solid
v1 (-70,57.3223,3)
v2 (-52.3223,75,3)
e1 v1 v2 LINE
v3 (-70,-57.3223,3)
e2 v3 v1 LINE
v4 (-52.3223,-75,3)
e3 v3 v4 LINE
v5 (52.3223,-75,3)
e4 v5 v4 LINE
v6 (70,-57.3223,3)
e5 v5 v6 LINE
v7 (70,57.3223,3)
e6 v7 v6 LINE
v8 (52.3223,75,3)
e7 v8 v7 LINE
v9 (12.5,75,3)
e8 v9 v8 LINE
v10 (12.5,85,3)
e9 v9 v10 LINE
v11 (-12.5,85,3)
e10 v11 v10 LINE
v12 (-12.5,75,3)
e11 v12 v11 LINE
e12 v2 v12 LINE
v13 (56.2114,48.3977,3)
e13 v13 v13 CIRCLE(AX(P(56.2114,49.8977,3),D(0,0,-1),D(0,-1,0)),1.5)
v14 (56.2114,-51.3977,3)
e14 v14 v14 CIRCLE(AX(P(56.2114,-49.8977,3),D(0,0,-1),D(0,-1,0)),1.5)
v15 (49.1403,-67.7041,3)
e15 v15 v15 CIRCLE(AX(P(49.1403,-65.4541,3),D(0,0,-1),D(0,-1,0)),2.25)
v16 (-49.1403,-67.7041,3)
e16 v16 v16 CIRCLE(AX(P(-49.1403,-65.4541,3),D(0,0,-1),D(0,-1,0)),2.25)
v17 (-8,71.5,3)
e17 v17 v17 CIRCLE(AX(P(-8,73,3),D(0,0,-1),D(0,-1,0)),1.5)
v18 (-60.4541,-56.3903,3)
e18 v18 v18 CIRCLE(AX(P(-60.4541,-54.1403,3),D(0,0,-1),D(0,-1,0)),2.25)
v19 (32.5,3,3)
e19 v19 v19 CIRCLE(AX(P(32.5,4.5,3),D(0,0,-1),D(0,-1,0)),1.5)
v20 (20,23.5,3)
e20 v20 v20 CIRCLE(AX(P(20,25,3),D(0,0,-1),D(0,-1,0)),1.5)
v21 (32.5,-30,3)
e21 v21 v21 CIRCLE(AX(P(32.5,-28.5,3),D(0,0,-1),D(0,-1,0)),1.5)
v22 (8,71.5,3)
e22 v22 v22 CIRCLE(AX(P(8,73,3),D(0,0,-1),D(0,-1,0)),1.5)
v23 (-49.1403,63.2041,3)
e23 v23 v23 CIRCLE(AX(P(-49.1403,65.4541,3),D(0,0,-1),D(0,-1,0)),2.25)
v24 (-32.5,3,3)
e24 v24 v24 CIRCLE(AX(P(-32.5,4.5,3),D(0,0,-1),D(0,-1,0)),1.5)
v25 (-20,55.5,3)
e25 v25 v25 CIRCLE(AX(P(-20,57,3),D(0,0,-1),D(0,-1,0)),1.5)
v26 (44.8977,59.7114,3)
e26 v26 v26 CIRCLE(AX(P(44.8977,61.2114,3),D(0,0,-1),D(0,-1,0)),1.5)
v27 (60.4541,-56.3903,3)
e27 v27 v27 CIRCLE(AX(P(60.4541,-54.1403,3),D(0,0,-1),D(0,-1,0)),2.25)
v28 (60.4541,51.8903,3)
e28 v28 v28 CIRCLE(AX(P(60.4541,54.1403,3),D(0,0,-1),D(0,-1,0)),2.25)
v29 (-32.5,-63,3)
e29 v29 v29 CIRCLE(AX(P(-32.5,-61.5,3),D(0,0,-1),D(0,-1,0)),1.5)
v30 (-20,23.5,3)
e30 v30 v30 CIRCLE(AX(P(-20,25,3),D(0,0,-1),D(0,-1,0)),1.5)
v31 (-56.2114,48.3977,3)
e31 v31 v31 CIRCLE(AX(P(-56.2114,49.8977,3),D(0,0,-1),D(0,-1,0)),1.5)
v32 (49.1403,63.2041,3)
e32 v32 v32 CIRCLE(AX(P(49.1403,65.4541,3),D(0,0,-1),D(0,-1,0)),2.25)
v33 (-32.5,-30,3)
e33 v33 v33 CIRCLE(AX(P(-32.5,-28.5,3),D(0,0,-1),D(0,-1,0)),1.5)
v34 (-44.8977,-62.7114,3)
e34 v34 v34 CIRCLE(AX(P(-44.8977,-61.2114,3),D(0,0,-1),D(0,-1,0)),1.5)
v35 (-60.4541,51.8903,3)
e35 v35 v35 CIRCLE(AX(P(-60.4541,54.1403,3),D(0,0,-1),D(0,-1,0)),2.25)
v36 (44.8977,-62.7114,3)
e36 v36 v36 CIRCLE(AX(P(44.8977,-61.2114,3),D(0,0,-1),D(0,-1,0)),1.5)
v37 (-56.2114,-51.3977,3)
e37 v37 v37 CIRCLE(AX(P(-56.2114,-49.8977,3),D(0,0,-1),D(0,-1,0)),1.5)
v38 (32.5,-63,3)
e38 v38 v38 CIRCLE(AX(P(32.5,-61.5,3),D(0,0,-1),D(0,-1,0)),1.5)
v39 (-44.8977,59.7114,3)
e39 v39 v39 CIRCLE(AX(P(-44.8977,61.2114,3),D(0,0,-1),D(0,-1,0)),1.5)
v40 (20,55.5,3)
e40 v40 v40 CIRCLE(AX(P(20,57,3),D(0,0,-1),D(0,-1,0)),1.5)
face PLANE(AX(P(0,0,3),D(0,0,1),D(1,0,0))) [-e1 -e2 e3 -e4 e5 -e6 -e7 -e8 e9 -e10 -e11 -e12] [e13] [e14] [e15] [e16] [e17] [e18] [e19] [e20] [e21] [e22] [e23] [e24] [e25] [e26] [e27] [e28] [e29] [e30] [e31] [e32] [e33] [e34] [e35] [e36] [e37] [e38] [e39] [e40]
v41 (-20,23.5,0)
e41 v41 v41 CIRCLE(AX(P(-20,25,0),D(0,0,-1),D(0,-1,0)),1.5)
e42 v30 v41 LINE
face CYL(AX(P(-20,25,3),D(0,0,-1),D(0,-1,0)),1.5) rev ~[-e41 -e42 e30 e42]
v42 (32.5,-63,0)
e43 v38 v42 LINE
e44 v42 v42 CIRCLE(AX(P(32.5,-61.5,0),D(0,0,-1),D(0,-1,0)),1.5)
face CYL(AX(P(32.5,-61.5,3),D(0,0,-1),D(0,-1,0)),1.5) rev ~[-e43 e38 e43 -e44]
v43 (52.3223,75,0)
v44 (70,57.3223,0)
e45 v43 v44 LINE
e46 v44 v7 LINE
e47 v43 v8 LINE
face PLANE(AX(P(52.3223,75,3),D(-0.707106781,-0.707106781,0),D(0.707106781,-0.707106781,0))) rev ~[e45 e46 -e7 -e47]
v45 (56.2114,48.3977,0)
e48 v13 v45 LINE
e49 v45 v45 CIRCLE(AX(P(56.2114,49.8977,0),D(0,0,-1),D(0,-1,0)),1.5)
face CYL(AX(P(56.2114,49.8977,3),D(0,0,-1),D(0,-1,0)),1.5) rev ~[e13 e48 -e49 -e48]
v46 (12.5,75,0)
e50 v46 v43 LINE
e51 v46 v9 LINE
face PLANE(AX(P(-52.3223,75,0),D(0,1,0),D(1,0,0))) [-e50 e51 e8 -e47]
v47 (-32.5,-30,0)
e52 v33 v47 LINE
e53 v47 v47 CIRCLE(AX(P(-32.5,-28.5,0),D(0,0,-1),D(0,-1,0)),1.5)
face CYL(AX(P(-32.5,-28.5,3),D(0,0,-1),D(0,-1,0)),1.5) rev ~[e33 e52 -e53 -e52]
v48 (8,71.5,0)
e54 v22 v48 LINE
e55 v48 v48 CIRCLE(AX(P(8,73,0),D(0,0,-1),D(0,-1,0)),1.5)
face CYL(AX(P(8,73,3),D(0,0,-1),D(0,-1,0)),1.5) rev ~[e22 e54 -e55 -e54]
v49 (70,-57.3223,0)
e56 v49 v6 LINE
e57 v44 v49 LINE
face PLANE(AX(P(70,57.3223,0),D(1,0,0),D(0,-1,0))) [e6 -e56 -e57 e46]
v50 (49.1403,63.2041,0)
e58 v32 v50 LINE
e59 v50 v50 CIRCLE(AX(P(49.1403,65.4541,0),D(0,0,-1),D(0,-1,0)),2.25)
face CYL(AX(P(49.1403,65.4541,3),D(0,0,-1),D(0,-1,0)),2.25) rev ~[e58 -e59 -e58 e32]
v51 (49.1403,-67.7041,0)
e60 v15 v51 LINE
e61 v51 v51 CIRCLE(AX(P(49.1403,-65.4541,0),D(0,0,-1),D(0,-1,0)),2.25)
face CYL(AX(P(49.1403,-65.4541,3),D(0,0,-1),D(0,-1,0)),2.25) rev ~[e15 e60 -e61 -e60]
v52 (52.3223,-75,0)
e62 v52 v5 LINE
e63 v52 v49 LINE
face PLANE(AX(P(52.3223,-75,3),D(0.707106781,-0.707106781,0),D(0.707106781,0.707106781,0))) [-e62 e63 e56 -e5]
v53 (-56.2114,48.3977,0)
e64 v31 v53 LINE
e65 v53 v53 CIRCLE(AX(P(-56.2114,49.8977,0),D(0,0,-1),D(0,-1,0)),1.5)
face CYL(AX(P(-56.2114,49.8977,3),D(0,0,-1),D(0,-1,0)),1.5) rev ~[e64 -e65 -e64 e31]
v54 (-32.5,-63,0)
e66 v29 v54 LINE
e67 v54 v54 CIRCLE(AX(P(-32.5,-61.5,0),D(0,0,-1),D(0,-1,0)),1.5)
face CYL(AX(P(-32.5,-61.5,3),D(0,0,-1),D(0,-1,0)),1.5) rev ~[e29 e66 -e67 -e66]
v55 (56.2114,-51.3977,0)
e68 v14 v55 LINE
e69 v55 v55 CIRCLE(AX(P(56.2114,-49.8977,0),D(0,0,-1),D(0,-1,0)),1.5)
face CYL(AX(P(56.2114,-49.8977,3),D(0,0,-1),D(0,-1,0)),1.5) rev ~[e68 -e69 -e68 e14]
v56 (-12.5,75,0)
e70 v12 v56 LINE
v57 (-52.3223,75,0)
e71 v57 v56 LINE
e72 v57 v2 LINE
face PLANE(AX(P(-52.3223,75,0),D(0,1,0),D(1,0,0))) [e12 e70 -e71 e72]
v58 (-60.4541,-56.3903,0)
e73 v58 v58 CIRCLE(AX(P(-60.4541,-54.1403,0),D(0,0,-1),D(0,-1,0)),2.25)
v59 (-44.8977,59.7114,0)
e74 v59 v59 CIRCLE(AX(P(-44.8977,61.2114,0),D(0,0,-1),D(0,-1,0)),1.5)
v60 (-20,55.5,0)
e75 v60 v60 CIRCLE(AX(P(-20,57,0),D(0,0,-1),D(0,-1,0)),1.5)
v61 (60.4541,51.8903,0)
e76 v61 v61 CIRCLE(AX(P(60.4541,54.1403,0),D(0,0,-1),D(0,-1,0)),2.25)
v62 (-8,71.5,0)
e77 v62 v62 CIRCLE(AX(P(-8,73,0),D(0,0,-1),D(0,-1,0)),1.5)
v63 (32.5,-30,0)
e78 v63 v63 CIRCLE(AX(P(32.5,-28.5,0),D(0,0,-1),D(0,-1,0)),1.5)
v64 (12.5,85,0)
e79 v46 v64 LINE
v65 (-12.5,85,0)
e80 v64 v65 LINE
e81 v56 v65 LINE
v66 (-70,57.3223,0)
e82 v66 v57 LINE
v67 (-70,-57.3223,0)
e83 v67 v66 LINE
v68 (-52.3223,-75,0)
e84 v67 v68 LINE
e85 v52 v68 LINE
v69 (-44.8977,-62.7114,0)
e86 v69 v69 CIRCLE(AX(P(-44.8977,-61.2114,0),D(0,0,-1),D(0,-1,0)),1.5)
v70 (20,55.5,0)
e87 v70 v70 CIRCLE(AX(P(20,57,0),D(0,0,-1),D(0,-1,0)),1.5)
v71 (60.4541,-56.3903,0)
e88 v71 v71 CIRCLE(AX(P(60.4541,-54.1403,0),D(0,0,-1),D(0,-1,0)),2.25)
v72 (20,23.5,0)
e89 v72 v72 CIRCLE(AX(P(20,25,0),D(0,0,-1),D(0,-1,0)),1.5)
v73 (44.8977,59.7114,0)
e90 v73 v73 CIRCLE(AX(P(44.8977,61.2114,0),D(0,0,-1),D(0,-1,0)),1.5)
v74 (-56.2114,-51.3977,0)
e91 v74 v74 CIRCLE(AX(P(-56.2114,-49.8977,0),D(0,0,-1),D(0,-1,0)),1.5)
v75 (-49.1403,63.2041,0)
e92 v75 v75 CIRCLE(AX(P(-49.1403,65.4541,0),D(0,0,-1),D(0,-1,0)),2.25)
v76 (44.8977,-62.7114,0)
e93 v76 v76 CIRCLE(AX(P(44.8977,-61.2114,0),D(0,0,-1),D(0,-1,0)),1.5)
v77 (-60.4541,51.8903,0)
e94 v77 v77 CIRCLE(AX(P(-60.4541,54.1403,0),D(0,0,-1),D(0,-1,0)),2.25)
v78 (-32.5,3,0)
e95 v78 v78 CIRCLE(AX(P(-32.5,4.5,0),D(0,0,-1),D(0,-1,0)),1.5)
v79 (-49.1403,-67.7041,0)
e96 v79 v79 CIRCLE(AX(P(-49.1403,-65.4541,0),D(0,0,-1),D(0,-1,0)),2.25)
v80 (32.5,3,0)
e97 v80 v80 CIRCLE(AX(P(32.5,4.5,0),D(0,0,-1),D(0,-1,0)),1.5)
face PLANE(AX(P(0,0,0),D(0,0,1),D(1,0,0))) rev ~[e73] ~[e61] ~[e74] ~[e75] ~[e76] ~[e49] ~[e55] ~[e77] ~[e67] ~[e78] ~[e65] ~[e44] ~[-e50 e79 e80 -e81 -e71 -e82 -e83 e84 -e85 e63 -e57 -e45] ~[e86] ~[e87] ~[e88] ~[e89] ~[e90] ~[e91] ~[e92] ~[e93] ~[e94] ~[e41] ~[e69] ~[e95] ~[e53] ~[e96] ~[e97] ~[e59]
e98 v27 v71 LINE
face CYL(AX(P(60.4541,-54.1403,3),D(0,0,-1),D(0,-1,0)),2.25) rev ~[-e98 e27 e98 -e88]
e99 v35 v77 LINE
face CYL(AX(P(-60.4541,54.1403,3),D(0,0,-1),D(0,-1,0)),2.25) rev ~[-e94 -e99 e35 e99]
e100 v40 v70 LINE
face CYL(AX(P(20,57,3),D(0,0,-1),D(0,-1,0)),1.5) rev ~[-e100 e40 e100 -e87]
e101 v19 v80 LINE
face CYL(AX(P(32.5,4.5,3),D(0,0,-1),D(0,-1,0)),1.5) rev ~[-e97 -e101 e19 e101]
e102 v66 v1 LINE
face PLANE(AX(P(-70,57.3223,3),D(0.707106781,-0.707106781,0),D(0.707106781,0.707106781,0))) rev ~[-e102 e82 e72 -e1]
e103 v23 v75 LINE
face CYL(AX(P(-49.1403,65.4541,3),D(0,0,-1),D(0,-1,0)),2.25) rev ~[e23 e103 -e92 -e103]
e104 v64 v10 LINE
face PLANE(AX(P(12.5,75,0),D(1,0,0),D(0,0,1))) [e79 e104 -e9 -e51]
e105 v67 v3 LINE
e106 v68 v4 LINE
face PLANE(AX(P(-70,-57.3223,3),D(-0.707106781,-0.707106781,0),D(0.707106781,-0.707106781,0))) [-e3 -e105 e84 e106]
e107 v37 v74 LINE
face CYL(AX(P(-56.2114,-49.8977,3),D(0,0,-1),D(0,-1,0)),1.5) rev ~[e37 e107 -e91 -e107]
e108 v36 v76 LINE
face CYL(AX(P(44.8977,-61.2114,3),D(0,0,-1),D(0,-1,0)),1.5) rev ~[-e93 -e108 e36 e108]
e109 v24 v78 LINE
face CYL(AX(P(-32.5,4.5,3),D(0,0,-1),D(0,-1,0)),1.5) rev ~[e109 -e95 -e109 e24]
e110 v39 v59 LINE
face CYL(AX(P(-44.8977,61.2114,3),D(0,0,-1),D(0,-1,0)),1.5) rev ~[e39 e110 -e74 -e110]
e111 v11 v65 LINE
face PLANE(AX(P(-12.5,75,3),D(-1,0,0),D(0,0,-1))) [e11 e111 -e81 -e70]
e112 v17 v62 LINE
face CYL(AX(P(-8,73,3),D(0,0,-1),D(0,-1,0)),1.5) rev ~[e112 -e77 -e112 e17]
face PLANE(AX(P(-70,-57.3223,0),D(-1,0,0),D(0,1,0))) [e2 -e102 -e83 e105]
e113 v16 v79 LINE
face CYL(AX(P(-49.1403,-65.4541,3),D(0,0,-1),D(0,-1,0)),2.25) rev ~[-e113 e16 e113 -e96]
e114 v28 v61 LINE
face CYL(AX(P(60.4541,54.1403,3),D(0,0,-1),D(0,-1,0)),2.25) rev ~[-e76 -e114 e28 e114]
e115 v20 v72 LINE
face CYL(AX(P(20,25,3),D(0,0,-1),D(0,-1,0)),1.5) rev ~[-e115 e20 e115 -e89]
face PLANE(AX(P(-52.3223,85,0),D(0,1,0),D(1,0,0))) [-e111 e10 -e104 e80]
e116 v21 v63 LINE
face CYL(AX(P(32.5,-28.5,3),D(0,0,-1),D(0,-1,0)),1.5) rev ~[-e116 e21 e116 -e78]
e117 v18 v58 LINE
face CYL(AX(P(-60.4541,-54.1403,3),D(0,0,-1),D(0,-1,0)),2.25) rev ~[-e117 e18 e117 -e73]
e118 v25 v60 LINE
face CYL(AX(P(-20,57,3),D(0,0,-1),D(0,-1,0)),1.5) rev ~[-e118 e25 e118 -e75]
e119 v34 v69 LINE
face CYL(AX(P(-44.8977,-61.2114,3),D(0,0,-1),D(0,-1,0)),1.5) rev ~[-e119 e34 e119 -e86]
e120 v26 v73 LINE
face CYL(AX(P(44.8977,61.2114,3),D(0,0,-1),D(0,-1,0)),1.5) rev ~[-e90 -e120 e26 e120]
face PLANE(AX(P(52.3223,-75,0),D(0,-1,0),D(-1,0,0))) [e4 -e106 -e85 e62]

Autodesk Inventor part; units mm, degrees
ref_plane "YZ Plane" through (0, 0, 0) normal (1, 0, 0) x (0, 1, 0)
ref_plane "XZ Plane" through (0, 0, 0) normal (0, 1, 0) x (-1, 0, 0)
ref_plane "XY Plane" through (0, 0, 0) normal (0, 0, 1) x (1, 0, 0)
sketch "スケッチ1" plane through (0, 0, 0) normal (0, 0, 1) x (1, 0, 0)
  line L0 (-70, 75) -> (70, 75)
  line L1 (70, 75) -> (70, -75)
  line L2 (70, -75) -> (-70, -75)
  line L3 (-70, -75) -> (-70, 75)
  line L4 (70, 92.6777) -> (87.6777, 75)
  line L5 (87.6777, 75) -> (70, 57.3223)
  line L6 (70, 57.3223) -> (52.3223, 75)
  line L7 (52.3223, 75) -> (70, 92.6777)
  line L8 (70, -57.3223) -> (87.6777, -75)
  line L9 (87.6777, -75) -> (70, -92.6777)
  line L10 (70, -92.6777) -> (52.3223, -75)
  line L11 (52.3223, -75) -> (70, -57.3223)
  line L12 (-70, -57.3223) -> (-52.3223, -75)
  line L13 (-52.3223, -75) -> (-70, -92.6777)
  line L14 (-70, -92.6777) -> (-87.6777, -75)
  line L15 (-87.6777, -75) -> (-70, -57.3223)
  line L16 (-70, 92.6777) -> (-52.3223, 75)
  line L17 (-52.3223, 75) -> (-70, 57.3223)
  line L18 (-70, 57.3223) -> (-87.6777, 75)
  line L19 (-87.6777, 75) -> (-70, 92.6777)
  point P0 (0, 0)
  point P1 (70, 75)
  dimension "d0" = 150
  dimension "d1" = 75
  dimension "d2" = 140
  dimension "d3" = 70
  dimension "d4" = 12.5
  dimension "d5" = 12.5
  dimension "d6" = 12.5
  dimension "d7" = 12.5
extrude "押し出し1" add sketch "スケッチ1" along normal blind 3
sketch "スケッチ2" plane through (0, 0, 3) normal (0, 0, 1) x (1, 0, 0)
  line L0 (87.6777, 75) -> (70, 57.3223) projected
  line L1 (70, 92.6777) -> (87.6777, 75) projected
  line L2 (52.3223, 75) -> (70, 92.6777) projected
  line L3 (-70, 92.6777) -> (-52.3223, 75) projected
  line L4 (-87.6777, 75) -> (-70, 92.6777) projected
  line L5 (-70, 57.3223) -> (-87.6777, 75) projected
  line L6 (-87.6777, -75) -> (-70, -57.3223) projected
  line L7 (-70, -92.6777) -> (-87.6777, -75) projected
  line L8 (-52.3223, -75) -> (-70, -92.6777) projected
  line L9 (70, -92.6777) -> (52.3223, -75) projected
  line L10 (87.6777, -75) -> (70, -92.6777) projected
  line L11 (70, -57.3223) -> (87.6777, -75) projected
  circle A0 centre (-56.2114, -49.8977) radius 1.5
  circle A1 centre (-44.8977, -61.2114) radius 1.5
  circle A2 centre (44.8977, -61.2114) radius 1.5
  circle A3 centre (56.2114, -49.8977) radius 1.5
  circle A4 centre (56.2114, 49.8977) radius 1.5
  circle A5 centre (44.8977, 61.2114) radius 1.5
  circle A6 centre (-44.8977, 61.2114) radius 1.5
  circle A7 centre (-56.2114, 49.8977) radius 1.5
  point P0 (0, 0)
  dimension "d10" = 3
  dimension "d12" = 40
  dimension "d13" = 40
  dimension "d14" = 4.5
  dimension "d15" = 4.5
  dimension "d16" = 40
  dimension "d17" = 40
  dimension "d18" = 40
  dimension "d19" = 40
  dimension "d20" = 40
  dimension "d21" = 40
  dimension "d22" = 4.5
  dimension "d23" = 4.5
  dimension "d24" = 4.5
  dimension "d25" = 4.5
  dimension "d26" = 4.5
  dimension "d27" = 4.5
hole "穴1" at (44.8977, -61.2114, 3) at (56.2114, -49.8977, 3) at (-44.8977, -61.2114, 3) at (-56.2114, -49.8977, 3) at (44.8977, 61.2114, 3) at (56.2114, 49.8977, 3) at (-56.2114, 49.8977, 3) at (-44.8977, 61.2114, 3) direction (0, 0, -1) diameter 3 end through all
sketch "スケッチ3" plane through (0, 0, 3) normal (0, 0, 1) x (1, 0, 0)
  line L0 (87.6777, 75) -> (70, 57.3223) projected
  line L1 (70, 92.6777) -> (87.6777, 75) projected
  line L2 (52.3223, 75) -> (70, 92.6777) projected
  line L3 (-70, 92.6777) -> (-52.3223, 75) projected
  line L4 (-87.6777, 75) -> (-70, 92.6777) projected
  line L5 (-70, 57.3223) -> (-87.6777, 75) projected
  line L6 (-87.6777, -75) -> (-70, -57.3223) projected
  line L7 (-70, -92.6777) -> (-87.6777, -75) projected
  line L8 (-52.3223, -75) -> (-70, -92.6777) projected
  line L9 (70, -92.6777) -> (52.3223, -75) projected
  line L10 (87.6777, -75) -> (70, -92.6777) projected
  line L11 (70, -57.3223) -> (87.6777, -75) projected
  circle A0 centre (-49.1403, 65.4541) radius 2.25
  circle A1 centre (-60.4541, 54.1403) radius 2.25
  circle A2 centre (-60.4541, -54.1403) radius 2.25
  circle A3 centre (-49.1403, -65.4541) radius 2.25
  circle A4 centre (49.1403, -65.4541) radius 2.25
  circle A5 centre (60.4541, -54.1403) radius 2.25
  circle A6 centre (60.4541, 54.1403) radius 2.25
  circle A7 centre (49.1403, 65.4541) radius 2.25
  point P0 (0, 0)
  dimension "d35" = 4.5
  dimension "d37" = 4.5
  dimension "d38" = 4.5
  dimension "d39" = 34
  dimension "d40" = 34
  dimension "d41" = 4.5
  dimension "d42" = 4.5
  dimension "d43" = 34
  dimension "d44" = 34
  dimension "d45" = 34
  dimension "d46" = 4.5
  dimension "d47" = 4.5
  dimension "d48" = 34
  dimension "d49" = 34
  dimension "d50" = 34
  dimension "d51" = 4.5
  dimension "d52" = 4.5
hole "穴2" at (-60.4541, -54.1403, 3) at (-49.1403, -65.4541, 3) at (49.1403, 65.4541, 3) at (60.4541, 54.1403, 3) at (-60.4541, 54.1403, 3) at (-49.1403, 65.4541, 3) at (49.1403, -65.4541, 3) at (60.4541, -54.1403, 3) direction (0, 0, -1) diameter 4.5 end through all
sketch "スケッチ4" plane through (0, 0, 3) normal (0, 0, 1) x (1, 0, 0)
  line L0 (87.6777, 75) -> (70, 57.3223) projected
  line L1 (70, 92.6777) -> (87.6777, 75) projected
  line L2 (52.3223, 75) -> (70, 92.6777) projected
  line L3 (-70, 92.6777) -> (-52.3223, 75) projected
  line L4 (-87.6777, 75) -> (-70, 92.6777) projected
  line L5 (-70, 57.3223) -> (-87.6777, 75) projected
  line L6 (-87.6777, -75) -> (-70, -57.3223) projected
  line L7 (-70, -92.6777) -> (-87.6777, -75) projected
  line L8 (-52.3223, -75) -> (-70, -92.6777) projected
  line L9 (70, -92.6777) -> (52.3223, -75) projected
  line L10 (87.6777, -75) -> (70, -92.6777) projected
  line L11 (70, -57.3223) -> (87.6777, -75) projected
  line L12 (-70, -57.3223) -> (-52.3223, -75)
  line L13 (52.3223, -75) -> (70, -57.3223)
  line L14 (52.3223, 75) -> (70, 57.3223)
  line L15 (-70, 57.3223) -> (-52.3223, 75)
  point P0 (0, 0)
  dimension "d60" = 25
  dimension "d61" = 25
  dimension "d62" = 25
  dimension "d63" = 25
extrude "押し出し2" cut sketch "スケッチ4" against normal blind 3
sketch "スケッチ6" plane through (-52.3223, 75, 0) normal (0, 1, 0) x (1, 0, 0)
  line L0 (104.6447, 0) -> (0, 0) projected
  line L1 (0, -3) -> (104.6447, -3) projected
  line L2 (39.8223, 0) -> (64.8223, 0)
  line L3 (64.8223, 0) -> (64.8223, -3)
  line L4 (64.8223, -3) -> (39.8223, -3)
  line L5 (39.8223, -3) -> (39.8223, 0)
  point P0 (52.3223, 0)
  dimension "d66" = 25
  dimension "d68" = 12.5
extrude "押し出し3" add sketch "スケッチ6" along normal blind 10
sketch "スケッチ7" plane through (0, 0, 3) normal (0, 0, 1) x (1, 0, 0)
  line L0 (-12.5, 85) -> (12.5, 85) projected
  line L1 (-12.5, 75) -> (-12.5, 85) projected
  circle A0 centre (-8, 73) radius 1.5
  circle A1 centre (8, 73) radius 1.5
  point P0 (0, 0)
  dimension "d71" = 16
  dimension "d72" = 12
  dimension "d73" = 12
  dimension "d74" = 3
  dimension "d75" = 4.5
hole "穴3" at (-8, 73, 3) at (8, 73, 3) direction (0, 0, -1) diameter 3 end through all
sketch "スケッチ9" plane through (0, 0, 3) normal (0, 0, 1) x (1, 0, 0)
  line L0 (52.3223, -75) -> (-52.3223, -75) projected
  circle A0 centre (-32.5, -61.5) radius 1.5
  circle A1 centre (-32.5, -28.5) radius 1.5
  circle A2 centre (-32.5, 4.5) radius 1.5
  circle A3 centre (32.5, -61.5) radius 1.5
  circle A4 centre (32.5, -28.5) radius 1.5
  circle A5 centre (32.5, 4.5) radius 1.5
  point P0 (0, 0)
  dimension "d95" = 3
  dimension "d97" = 13.5
  dimension "d98" = 33
  dimension "d99" = 33
  dimension "d100" = 33
  dimension "d101" = 33
  dimension "d102" = 13.5
  dimension "d103" = 65
  dimension "d104" = 65
  dimension "d105" = 65
  dimension "d106" = 32.5
  dimension "d107" = 32.5
  dimension "d108" = 32.5
hole "穴5" at (-32.5, 4.5, 3) at (-32.5, -28.5, 3) at (-32.5, -61.5, 3) at (32.5, -61.5, 3) at (32.5, -28.5, 3) at (32.5, 4.5, 3) direction (0, 0, -1) diameter 3 end through all
sketch "スケッチ10" plane through (0, 0, 3) normal (0, 0, 1) x (1, 0, 0)
  circle A0 centre (-20, 57) radius 1.5
  circle A1 centre (20, 57) radius 1.5
  circle A2 centre (-20, 25) radius 1.5
  circle A3 centre (20, 25) radius 1.5
  point P0 (0, 0)
  dimension "d116" = 3
  dimension "d118" = 40
  dimension "d119" = 32
  dimension "d120" = 40
  dimension "d122" = 20
  dimension "d123" = 25
  dimension "d124" = 25
  dimension "d125" = 32
  dimension "d126" = 20
hole "穴6" at (-20, 57, 3) at (-20, 25, 3) at (20, 25, 3) at (20, 57, 3) direction (0, 0, -1) diameter 3 end through all
equation "\"d33\" = d26"
equation "\"d58\" = d46"
properties material "アルミニウム 6061"
